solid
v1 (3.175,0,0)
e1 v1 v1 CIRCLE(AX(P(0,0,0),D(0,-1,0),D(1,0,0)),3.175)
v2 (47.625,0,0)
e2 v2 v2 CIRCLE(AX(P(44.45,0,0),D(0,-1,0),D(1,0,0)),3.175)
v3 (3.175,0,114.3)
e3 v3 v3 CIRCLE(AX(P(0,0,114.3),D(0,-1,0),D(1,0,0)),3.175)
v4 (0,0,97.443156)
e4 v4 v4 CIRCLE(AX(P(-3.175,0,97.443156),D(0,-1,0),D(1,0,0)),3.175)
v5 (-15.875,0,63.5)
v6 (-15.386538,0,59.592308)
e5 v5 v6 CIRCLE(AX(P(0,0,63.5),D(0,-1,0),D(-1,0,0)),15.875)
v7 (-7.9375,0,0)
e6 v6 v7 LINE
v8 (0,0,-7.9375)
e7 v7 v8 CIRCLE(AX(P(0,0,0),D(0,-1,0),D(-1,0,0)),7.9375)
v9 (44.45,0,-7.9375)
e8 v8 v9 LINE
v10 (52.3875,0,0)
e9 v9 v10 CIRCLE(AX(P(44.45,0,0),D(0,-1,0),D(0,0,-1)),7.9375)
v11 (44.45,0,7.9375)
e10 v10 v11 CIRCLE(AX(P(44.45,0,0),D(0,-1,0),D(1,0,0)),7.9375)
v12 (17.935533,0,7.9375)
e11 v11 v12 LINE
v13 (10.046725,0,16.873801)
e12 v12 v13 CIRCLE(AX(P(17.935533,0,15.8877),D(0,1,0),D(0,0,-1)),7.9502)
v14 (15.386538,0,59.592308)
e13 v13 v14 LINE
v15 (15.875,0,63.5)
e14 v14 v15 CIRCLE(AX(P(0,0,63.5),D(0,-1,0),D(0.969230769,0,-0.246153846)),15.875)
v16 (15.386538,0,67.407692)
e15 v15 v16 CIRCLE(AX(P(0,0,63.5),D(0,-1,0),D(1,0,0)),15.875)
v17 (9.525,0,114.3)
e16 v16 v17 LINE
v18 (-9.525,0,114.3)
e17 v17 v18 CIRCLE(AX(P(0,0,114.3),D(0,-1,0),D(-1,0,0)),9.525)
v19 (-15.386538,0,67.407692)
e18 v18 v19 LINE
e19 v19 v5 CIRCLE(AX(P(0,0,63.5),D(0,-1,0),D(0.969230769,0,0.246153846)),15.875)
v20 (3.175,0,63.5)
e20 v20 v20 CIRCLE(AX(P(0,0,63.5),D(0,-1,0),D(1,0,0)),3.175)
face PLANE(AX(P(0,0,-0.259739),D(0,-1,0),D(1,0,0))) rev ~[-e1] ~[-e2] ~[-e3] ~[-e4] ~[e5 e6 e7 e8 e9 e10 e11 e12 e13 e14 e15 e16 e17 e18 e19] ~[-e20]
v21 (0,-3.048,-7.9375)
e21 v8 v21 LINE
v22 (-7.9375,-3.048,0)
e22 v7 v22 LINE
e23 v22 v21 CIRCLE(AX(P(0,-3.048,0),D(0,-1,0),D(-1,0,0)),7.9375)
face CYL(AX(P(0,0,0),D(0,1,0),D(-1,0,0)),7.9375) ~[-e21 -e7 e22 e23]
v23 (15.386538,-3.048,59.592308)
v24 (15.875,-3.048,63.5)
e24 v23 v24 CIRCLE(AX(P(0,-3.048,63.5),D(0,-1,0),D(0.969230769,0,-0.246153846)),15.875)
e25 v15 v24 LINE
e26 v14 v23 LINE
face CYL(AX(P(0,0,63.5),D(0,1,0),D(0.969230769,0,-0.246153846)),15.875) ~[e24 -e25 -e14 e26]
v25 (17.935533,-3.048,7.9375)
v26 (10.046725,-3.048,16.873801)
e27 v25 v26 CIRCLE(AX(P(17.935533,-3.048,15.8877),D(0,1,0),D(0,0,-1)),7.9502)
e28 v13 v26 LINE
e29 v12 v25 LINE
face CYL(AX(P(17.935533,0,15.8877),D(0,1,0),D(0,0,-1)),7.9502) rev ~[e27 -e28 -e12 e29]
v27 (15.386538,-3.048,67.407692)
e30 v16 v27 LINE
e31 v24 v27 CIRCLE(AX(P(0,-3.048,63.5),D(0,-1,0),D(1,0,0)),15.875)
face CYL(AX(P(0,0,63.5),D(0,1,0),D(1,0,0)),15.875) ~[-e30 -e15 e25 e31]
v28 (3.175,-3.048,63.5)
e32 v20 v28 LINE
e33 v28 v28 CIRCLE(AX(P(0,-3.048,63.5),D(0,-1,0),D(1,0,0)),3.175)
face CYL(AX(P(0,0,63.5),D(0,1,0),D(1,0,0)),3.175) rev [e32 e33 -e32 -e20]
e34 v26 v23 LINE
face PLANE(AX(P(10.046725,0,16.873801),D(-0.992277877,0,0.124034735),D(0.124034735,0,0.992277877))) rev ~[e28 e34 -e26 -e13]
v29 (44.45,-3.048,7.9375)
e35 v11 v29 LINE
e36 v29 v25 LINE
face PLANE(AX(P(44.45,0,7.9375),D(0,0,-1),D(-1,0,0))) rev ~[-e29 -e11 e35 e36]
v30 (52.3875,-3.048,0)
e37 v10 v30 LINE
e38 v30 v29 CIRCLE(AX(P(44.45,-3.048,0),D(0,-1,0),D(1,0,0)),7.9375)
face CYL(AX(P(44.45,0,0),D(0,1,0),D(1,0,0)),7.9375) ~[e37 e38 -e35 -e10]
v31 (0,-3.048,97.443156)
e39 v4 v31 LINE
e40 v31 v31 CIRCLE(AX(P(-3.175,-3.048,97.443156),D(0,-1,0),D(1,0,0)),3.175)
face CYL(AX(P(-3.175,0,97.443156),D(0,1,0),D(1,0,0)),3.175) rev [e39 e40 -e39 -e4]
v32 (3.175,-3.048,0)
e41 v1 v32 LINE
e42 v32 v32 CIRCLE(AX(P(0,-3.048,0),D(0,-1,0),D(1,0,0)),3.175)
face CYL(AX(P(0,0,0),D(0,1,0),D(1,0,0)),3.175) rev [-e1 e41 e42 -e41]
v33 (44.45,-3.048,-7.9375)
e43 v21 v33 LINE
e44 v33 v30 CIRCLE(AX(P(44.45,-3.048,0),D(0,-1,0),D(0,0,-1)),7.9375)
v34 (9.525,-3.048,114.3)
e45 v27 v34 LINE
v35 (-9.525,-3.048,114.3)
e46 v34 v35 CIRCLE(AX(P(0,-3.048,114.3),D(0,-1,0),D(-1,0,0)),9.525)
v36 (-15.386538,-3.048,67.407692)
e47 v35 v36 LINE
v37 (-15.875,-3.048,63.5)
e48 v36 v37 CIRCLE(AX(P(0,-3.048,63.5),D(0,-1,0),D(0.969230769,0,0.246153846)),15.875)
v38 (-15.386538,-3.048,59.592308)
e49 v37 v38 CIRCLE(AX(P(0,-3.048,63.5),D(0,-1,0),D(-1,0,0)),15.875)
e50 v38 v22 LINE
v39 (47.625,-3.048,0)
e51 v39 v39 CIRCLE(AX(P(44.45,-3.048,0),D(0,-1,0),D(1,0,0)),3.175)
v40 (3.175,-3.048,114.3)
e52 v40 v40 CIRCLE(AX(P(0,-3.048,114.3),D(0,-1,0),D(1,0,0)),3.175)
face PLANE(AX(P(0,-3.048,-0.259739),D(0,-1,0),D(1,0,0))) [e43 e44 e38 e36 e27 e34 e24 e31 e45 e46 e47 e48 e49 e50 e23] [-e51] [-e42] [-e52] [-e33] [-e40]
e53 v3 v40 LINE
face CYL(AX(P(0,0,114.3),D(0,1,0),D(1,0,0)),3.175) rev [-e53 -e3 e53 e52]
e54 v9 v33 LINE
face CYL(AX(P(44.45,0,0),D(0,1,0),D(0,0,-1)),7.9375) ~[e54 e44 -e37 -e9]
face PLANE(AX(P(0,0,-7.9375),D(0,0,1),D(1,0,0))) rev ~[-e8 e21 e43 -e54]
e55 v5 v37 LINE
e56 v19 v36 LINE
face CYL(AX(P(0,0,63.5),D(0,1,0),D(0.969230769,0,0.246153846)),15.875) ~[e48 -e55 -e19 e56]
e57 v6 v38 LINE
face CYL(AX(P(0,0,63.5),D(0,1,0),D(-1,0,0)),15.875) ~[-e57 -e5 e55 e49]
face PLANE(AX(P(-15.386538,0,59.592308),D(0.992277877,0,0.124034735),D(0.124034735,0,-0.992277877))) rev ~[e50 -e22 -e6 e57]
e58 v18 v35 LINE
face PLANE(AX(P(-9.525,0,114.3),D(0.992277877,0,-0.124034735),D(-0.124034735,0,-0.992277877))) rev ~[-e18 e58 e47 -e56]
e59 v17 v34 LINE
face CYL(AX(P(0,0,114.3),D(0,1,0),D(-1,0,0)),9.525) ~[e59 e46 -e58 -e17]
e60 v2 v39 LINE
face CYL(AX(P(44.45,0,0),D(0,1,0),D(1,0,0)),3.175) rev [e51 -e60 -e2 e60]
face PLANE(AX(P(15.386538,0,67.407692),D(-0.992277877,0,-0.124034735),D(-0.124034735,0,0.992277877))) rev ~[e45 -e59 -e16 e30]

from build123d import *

# Parameters (mm, degrees)
F0_R     = 3.175
F1_DEPTH = 3.048


with BuildPart() as f1:
    # F0 (on Front) → F1 (new body)
    with BuildSketch(Plane.XZ):
        with BuildLine():
            ThreePointArc((0, -7.9375), (5.6126600757, -5.6126600757), (7.9375, 0))
            ThreePointArc((7.9375, 0), (0, 7.9375), (-7.9375, 0))
            ThreePointArc((-7.9375, 0), (-5.6126600757, -5.6126600757), (0, -7.9375))
        make_face()
        Circle(F0_R, mode=Mode.SUBTRACT)
        with BuildLine():
            ThreePointArc((-7.9375, 0), (0, 7.9375), (7.9375, 0))
            ThreePointArc((7.9375, 0), (5.6126600757, -5.6126600757), (0, -7.9375))
            Line((0, -7.9375), (44.45, -7.9375))
            ThreePointArc((44.45, -7.9375), (36.5125, 0), (44.45, 7.9375))
            Line((44.45, 7.9375), (17.9355326938, 7.9375))
            ThreePointArc((17.9355326938, 7.9375), (11.9754412604, 10.6262372618), (10.0467251184, 16.8738009469))
            Line((10.0467251184, 16.8738009469), (15.3865384615, 59.5923076923))
            ThreePointArc((15.3865384615, 59.5923076923), (0, 47.625), (-15.3865384615, 59.5923076923))
            Line((-15.3865384615, 59.5923076923), (-7.9375, 0))
        make_face()
        with BuildLine():
            Line((-15.875, 63.5), (-15.3865384615, 59.5923076923))
            ThreePointArc((-15.3865384615, 59.5923076923), (0, 47.625), (15.3865384615, 59.5923076923))
            Line((15.3865384615, 59.5923076923), (15.875, 63.5))
            Line((15.875, 63.5), (15.3865384615, 67.4076923077))
            ThreePointArc((15.3865384615, 67.4076923077), (0, 79.375), (-15.3865384615, 67.4076923077))
            Line((-15.3865384615, 67.4076923077), (-15.875, 63.5))
        make_face()
        with Locations((0, 63.5)):
            Circle(F0_R, mode=Mode.SUBTRACT)
        with BuildLine():
            ThreePointArc((-15.875, 63.5), (-15.7524112928, 61.5309485884), (-15.3865384615, 59.5923076923))
            Line((-15.3865384615, 59.5923076923), (-15.875, 63.5))
        make_face()
        with BuildLine():
            ThreePointArc((44.45, 7.9375), (36.5125, 0), (44.45, -7.9375))
            ThreePointArc((44.45, -7.9375), (50.0626600757, -5.6126600757), (52.3875, 0))
            ThreePointArc((52.3875, 0), (50.0626600757, 5.6126600757), (44.45, 7.9375))
        make_face()
        with Locations((44.45, 0)):
            Circle(F0_R, mode=Mode.SUBTRACT)
        with BuildLine():
            ThreePointArc((-15.3865384615, 67.4076923077), (-15.7524112928, 65.4690514116), (-15.875, 63.5))
            Line((-15.875, 63.5), (-15.3865384615, 67.4076923077))
        make_face()
        with BuildLine():
            Line((15.875, 63.5), (15.3865384615, 59.5923076923))
            ThreePointArc((15.3865384615, 59.5923076923), (15.7524112928, 61.5309485884), (15.875, 63.5))
        make_face()
        with BuildLine():
            Line((-9.525, 114.3), (-15.3865384615, 67.4076923077))
            ThreePointArc((-15.3865384615, 67.4076923077), (0, 79.375), (15.3865384615, 67.4076923077))
            Line((15.3865384615, 67.4076923077), (9.525, 114.3))
            ThreePointArc((9.525, 114.3), (0, 104.775), (-9.525, 114.3))
        make_face()
        with Locations((-3.175, 97.4431559443)):
            Circle(F0_R, mode=Mode.SUBTRACT)
        with BuildLine():
            Line((15.3865384615, 67.4076923077), (15.875, 63.5))
            ThreePointArc((15.875, 63.5), (15.7524112928, 65.4690514116), (15.3865384615, 67.4076923077))
        make_face()
        with BuildLine():
            ThreePointArc((9.525, 114.3), (0, 123.825), (-9.525, 114.3))
            ThreePointArc((-9.525, 114.3), (0, 104.775), (9.525, 114.3))
        make_face()
        with Locations((0, 114.3)):
            Circle(F0_R, mode=Mode.SUBTRACT)
    extrude(amount=F1_DEPTH)


solid = f1.part
